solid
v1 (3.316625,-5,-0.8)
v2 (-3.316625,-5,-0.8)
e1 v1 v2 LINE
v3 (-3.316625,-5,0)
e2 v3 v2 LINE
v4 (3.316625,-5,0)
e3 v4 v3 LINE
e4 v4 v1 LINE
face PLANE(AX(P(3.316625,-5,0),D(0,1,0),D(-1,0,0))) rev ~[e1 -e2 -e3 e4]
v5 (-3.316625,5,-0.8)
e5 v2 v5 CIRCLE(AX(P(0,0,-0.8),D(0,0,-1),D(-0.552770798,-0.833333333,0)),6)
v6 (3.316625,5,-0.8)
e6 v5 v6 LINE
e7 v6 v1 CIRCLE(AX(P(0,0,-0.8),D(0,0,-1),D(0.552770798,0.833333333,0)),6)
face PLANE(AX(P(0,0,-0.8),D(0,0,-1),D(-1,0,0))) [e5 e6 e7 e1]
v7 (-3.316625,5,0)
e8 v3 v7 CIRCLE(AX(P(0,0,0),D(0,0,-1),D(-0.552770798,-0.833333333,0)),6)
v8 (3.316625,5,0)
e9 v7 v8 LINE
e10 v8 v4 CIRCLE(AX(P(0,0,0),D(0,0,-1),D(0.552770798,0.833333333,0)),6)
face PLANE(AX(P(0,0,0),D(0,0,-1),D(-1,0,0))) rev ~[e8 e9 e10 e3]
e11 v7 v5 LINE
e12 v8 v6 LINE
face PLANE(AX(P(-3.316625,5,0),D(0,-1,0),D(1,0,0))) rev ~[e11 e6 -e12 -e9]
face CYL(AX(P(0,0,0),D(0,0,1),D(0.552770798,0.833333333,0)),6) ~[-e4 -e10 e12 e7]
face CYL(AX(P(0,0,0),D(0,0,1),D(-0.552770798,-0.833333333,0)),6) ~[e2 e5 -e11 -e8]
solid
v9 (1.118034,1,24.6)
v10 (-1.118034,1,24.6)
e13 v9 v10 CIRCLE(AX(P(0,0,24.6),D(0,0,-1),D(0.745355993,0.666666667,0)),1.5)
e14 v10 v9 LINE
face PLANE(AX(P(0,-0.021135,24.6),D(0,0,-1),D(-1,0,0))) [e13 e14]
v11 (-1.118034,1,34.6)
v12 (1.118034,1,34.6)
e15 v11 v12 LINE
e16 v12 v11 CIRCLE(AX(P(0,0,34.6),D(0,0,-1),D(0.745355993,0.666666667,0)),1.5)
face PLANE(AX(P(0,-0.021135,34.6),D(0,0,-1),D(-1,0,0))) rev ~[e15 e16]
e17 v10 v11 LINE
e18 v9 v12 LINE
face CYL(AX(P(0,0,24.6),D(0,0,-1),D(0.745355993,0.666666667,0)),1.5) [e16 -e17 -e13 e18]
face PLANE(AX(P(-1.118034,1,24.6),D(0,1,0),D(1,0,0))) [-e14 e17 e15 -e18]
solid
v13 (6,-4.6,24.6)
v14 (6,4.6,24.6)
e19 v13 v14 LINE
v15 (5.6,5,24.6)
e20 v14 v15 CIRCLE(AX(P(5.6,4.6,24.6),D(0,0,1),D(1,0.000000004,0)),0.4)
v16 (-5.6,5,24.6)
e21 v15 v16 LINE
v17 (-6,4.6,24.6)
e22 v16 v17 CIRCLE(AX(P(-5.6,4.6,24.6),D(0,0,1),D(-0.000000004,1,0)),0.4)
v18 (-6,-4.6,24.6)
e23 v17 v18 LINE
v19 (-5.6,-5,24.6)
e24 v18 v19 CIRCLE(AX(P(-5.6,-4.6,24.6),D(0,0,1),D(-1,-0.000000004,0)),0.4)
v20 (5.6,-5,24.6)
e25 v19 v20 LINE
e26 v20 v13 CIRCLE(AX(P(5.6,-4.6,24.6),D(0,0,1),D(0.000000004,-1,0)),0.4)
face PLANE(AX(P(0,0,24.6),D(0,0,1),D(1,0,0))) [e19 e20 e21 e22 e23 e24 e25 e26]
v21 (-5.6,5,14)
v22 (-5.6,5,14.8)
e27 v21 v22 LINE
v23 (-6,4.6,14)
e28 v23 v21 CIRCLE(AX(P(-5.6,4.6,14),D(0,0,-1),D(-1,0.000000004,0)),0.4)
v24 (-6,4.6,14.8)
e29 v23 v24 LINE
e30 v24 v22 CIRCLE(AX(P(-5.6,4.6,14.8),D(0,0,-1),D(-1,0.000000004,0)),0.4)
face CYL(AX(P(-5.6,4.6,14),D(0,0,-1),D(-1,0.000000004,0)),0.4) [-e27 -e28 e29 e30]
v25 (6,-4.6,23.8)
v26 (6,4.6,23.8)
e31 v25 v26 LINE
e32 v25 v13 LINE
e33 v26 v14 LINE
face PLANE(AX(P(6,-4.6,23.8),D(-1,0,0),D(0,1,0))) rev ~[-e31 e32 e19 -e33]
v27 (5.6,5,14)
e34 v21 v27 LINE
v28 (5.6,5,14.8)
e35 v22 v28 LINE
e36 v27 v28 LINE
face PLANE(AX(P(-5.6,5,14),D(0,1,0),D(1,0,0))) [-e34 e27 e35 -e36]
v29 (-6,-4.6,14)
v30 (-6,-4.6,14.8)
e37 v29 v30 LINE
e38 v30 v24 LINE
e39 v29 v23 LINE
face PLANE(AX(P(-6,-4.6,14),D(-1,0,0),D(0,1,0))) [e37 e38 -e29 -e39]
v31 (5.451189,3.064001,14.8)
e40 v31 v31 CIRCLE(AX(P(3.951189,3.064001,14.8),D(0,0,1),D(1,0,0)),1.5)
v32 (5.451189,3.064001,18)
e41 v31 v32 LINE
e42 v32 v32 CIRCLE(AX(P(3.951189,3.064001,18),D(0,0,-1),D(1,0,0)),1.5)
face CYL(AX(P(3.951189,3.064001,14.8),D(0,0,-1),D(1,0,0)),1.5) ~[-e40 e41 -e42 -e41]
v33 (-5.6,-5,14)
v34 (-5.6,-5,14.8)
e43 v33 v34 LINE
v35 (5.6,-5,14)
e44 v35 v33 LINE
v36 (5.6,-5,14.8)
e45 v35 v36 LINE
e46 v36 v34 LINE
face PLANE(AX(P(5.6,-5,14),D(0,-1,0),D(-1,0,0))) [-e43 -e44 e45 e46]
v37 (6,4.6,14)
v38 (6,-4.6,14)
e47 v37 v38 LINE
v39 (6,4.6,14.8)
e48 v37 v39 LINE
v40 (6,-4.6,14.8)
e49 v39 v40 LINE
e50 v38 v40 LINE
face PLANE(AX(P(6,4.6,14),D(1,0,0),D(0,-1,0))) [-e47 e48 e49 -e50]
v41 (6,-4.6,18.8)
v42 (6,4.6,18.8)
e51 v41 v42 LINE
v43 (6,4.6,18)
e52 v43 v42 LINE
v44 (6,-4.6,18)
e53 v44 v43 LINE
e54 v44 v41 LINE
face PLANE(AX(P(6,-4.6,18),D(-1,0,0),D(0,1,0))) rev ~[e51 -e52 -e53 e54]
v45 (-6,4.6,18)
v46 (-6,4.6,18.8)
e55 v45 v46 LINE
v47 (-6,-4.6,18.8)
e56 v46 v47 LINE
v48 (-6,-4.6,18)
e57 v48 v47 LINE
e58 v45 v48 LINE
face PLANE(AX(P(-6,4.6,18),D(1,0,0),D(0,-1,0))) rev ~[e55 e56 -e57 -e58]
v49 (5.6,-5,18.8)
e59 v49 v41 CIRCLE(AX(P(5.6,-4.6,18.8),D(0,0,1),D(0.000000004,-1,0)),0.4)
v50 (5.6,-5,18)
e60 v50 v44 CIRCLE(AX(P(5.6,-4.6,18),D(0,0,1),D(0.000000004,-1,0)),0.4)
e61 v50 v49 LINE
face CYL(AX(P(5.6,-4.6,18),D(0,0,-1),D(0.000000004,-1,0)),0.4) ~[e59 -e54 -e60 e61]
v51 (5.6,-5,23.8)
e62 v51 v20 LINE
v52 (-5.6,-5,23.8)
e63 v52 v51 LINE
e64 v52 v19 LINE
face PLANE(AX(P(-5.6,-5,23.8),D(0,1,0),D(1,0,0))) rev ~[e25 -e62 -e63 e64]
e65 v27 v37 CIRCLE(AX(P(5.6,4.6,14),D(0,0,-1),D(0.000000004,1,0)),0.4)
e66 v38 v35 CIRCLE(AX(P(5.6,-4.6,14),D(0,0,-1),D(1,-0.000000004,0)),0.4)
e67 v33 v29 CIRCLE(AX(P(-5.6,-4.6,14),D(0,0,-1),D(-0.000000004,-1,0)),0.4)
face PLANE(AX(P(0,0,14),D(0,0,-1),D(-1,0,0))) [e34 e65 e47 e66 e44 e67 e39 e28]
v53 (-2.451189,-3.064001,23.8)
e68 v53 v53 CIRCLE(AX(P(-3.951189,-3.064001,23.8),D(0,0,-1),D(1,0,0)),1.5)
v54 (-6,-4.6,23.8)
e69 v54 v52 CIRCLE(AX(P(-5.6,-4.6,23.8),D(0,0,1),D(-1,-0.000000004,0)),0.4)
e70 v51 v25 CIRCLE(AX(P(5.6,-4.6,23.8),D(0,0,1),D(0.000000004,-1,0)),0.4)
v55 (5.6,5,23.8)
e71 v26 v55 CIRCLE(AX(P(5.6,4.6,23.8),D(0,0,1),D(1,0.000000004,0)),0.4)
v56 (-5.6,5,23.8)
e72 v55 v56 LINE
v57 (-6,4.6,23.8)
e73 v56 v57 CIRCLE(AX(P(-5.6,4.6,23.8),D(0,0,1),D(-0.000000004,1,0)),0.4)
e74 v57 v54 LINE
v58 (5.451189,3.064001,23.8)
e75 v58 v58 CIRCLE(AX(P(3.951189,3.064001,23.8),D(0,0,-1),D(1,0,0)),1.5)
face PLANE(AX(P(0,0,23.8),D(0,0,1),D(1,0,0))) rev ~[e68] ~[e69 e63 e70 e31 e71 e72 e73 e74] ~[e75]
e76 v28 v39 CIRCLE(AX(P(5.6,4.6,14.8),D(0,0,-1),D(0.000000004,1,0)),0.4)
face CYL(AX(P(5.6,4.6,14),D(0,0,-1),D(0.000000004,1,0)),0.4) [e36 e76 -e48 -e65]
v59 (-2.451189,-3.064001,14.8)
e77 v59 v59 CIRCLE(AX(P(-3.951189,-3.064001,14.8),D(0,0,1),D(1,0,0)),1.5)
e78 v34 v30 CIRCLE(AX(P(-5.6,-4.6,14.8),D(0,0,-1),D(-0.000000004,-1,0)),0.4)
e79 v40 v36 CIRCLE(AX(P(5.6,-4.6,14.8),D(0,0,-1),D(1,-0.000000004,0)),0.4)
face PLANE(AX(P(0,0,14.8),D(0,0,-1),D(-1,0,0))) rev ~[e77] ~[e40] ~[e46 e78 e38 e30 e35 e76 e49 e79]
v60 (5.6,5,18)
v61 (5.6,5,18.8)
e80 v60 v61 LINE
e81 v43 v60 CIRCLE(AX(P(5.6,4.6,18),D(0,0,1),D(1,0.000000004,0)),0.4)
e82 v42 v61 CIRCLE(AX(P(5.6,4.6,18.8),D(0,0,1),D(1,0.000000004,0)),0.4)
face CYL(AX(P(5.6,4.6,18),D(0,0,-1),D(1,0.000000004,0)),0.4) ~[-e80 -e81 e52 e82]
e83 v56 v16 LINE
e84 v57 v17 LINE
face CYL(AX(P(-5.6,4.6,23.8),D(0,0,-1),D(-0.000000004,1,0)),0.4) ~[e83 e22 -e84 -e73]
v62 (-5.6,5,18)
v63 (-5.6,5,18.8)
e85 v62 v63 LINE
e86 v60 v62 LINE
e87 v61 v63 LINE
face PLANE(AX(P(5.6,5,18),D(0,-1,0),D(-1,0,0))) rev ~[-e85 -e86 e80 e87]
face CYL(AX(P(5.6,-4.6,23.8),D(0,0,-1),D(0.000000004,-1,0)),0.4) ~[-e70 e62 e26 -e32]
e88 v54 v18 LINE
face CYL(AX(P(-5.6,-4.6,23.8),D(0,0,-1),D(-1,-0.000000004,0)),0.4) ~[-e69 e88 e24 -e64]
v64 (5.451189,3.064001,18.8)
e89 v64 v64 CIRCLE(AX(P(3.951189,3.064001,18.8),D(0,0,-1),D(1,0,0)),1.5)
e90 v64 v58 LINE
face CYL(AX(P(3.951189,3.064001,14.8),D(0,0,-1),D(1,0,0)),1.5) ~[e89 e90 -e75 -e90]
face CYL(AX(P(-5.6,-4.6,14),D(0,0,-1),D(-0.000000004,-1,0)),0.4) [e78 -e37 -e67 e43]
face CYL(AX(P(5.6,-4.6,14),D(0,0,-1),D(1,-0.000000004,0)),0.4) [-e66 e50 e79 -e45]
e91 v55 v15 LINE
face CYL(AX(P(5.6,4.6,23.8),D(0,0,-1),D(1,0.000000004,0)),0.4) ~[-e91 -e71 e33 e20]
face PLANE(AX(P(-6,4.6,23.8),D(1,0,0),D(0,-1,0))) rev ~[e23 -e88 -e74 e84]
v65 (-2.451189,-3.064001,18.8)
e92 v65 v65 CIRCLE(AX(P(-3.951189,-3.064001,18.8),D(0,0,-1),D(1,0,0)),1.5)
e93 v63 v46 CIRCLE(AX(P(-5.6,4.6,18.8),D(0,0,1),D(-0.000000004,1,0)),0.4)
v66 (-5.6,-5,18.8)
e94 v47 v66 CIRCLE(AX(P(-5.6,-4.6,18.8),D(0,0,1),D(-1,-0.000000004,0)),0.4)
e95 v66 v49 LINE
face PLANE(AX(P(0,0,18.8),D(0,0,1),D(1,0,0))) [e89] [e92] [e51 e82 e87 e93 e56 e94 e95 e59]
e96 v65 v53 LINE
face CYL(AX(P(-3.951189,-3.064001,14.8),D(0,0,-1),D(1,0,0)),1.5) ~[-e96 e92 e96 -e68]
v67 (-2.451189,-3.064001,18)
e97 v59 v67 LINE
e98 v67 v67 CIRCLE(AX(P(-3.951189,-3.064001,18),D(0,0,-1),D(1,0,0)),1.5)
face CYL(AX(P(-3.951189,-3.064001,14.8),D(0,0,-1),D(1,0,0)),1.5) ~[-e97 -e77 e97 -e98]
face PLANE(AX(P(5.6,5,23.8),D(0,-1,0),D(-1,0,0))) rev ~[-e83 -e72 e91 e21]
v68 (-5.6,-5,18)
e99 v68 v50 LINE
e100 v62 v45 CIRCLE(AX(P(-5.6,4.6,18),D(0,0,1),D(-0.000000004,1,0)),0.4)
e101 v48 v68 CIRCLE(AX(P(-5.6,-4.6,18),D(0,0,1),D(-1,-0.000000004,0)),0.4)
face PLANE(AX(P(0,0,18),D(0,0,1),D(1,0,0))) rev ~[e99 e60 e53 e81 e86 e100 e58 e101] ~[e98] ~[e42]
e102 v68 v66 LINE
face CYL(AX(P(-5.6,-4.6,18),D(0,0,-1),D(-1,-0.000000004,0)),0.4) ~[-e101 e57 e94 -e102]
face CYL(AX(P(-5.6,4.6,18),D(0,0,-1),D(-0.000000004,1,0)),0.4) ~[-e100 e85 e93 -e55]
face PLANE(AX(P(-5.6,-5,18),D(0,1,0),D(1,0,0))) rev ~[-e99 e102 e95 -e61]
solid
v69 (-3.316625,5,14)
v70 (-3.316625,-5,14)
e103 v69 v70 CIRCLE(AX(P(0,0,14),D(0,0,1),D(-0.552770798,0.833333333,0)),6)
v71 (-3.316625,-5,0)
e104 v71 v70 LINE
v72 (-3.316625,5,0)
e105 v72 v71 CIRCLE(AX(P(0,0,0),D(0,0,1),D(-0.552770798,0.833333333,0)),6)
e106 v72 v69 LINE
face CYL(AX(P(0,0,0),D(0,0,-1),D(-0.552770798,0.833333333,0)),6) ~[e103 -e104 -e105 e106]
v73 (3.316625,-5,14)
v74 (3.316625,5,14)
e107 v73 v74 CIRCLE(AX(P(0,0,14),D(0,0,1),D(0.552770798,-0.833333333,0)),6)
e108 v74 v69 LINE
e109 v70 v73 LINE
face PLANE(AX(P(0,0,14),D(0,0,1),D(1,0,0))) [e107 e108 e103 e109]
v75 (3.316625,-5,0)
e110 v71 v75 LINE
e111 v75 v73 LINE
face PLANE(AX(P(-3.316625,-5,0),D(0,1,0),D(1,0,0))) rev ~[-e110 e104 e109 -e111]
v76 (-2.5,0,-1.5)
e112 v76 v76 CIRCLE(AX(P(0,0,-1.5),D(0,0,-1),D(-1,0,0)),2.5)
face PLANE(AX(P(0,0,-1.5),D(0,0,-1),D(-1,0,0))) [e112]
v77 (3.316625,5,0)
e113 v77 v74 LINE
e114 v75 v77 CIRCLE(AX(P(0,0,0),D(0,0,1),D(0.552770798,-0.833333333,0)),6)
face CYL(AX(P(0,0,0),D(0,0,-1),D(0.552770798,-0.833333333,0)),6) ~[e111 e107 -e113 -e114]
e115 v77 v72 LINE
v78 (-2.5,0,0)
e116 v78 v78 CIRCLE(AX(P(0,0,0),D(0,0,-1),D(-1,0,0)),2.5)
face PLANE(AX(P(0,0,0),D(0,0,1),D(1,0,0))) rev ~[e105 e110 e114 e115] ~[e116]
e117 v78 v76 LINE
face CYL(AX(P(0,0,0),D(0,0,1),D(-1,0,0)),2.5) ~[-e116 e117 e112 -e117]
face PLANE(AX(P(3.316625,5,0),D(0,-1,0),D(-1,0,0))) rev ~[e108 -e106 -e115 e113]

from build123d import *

# Parameters (mm, degrees)
EXTRUDE_1_DEPTH = 14
EXTRUDE_8_DEPTH = 0.8
SKETCH_2_R      = 2.5
EXTRUDE_2_DEPTH = 1.5
EXTRUDE_3_DEPTH = 0.8
EXTRUDE_START   = 3.2
EXTRUDE_4_DEPTH = 0.8
EXTRUDE_START_2 = 5
EXTRUDE_5_DEPTH = 0.8
SKETCH_6_R      = 1.5
EXTRUDE_6_DEPTH = 9.8
EXTRUDE_7_DEPTH = 10


with BuildPart() as part:
    # 草圖1 → 填料-伸長1 (new body)
    with BuildSketch(Plane.XY):
        with BuildLine():
            Line((-3.31662479, -5), (3.31662479, -5))
            ThreePointArc((3.31662479, -5), (6, 0), (3.31662479, 5))
            Line((3.31662479, 5), (-3.31662479, 5))
            ThreePointArc((-3.31662479, 5), (-6, 0), (-3.31662479, -5))
        make_face()
    extrude(amount=EXTRUDE_1_DEPTH)

    # 草圖2 → 填料-伸長2 (add)
    with BuildSketch(Plane(origin=(0, 0, 0), x_dir=(-1, 0, 0), z_dir=(0, 0, -1))):
        Circle(SKETCH_2_R)
    extrude(amount=EXTRUDE_2_DEPTH)


with BuildPart() as body_2:
    # 草圖8 → 填料-伸長8 (new body)
    with BuildSketch(Plane(origin=(0, 0, 0), x_dir=(-1, 0, 0), z_dir=(0, 0, -1))):
        with BuildLine():
            Line((-3.31662479, -5), (3.31662479, -5))
            ThreePointArc((3.31662479, -5), (6, 0), (3.31662479, 5))
            Line((3.31662479, 5), (-3.31662479, 5))
            ThreePointArc((-3.31662479, 5), (-6, 0), (-3.31662479, -5))
        make_face()
    extrude(amount=EXTRUDE_8_DEPTH)


with BuildPart() as body_3:
    # 草圖3 → 填料-伸長3 (new body)
    with BuildSketch(Plane.XY.offset(14)):
        with BuildLine():
            Line((-5.6, 5), (5.6, 5))
            ThreePointArc((5.6, 5), (5.882842712, 4.882842712), (6, 4.6))
            Line((6, 4.6), (6, -4.6))
            ThreePointArc((6, -4.6), (5.882842712, -4.882842712), (5.6, -5))
            Line((5.6, -5), (-5.6, -5))
            ThreePointArc((-5.6, -5), (-5.882842712, -4.882842712), (-6, -4.6))
            Line((-6, -4.6), (-6, 4.6))
            ThreePointArc((-6, 4.6), (-5.882842712, 4.882842712), (-5.6, 5))
        make_face()
    extrude(amount=EXTRUDE_3_DEPTH)



with BuildPart() as body_4:
    # 草圖4 → 填料-伸長4 (new body)
    with BuildSketch(Plane.XY.offset(14.8).offset(EXTRUDE_START)):
        with BuildLine():
            Line((-5.6, -5), (5.6, -5))
            ThreePointArc((5.6, -5), (5.882842712, -4.882842712), (6, -4.6))
            Line((6, -4.6), (6, 4.6))
            ThreePointArc((6, 4.6), (5.882842712, 4.882842712), (5.6, 5))
            Line((5.6, 5), (-5.6, 5))
            ThreePointArc((-5.6, 5), (-5.882842712, 4.882842712), (-6, 4.6))
            Line((-6, 4.6), (-6, -4.6))
            ThreePointArc((-6, -4.6), (-5.882842712, -4.882842712), (-5.6, -5))
        make_face()
    extrude(amount=EXTRUDE_4_DEPTH)


with BuildPart() as body_5:
    # 草圖5 → 填料-伸長5 (new body)
    with BuildSketch(Plane.XY.offset(18.8).offset(EXTRUDE_START_2)):
        with BuildLine():
            Line((-5.6, -5), (5.6, -5))
            ThreePointArc((5.6, -5), (5.882842712, -4.882842712), (6, -4.6))
            Line((6, -4.6), (6, 4.6))
            ThreePointArc((6, 4.6), (5.882842712, 4.882842712), (5.6, 5))
            Line((5.6, 5), (-5.6, 5))
            ThreePointArc((-5.6, 5), (-5.882842712, 4.882842712), (-6, 4.6))
            Line((-6, 4.6), (-6, -4.6))
            ThreePointArc((-6, -4.6), (-5.882842712, -4.882842712), (-5.6, -5))
        make_face()
    extrude(amount=EXTRUDE_5_DEPTH)


with BuildPart() as body_3_1:
    add(body_3.part)

    add(body_4.part)  # 填料-伸長6 merges body 4

    add(body_5.part)  # 填料-伸長6 merges body 5
    # 草圖6 → 填料-伸長6 (add)
    with BuildSketch(Plane.XY.offset(14.8)):
        with Locations((3.951189395, 3.064001038)):
            Circle(SKETCH_6_R)
        with Locations((-3.951189395, -3.064001038)):
            Circle(SKETCH_6_R)
    extrude(amount=EXTRUDE_6_DEPTH)


with BuildPart() as body_4_2:
    # 草圖7 → 填料-伸長7 (new body)
    with BuildSketch(Plane.XY.offset(24.6)):
        with BuildLine():
            Line((-1.118033989, 1), (1.118033989, 1))
            ThreePointArc((1.118033989, 1), (0, -1.5), (-1.118033989, 1))
        make_face()
    extrude(amount=EXTRUDE_7_DEPTH)


solid = Compound([part.part, body_2.part, body_3_1.part, body_4_2.part])
